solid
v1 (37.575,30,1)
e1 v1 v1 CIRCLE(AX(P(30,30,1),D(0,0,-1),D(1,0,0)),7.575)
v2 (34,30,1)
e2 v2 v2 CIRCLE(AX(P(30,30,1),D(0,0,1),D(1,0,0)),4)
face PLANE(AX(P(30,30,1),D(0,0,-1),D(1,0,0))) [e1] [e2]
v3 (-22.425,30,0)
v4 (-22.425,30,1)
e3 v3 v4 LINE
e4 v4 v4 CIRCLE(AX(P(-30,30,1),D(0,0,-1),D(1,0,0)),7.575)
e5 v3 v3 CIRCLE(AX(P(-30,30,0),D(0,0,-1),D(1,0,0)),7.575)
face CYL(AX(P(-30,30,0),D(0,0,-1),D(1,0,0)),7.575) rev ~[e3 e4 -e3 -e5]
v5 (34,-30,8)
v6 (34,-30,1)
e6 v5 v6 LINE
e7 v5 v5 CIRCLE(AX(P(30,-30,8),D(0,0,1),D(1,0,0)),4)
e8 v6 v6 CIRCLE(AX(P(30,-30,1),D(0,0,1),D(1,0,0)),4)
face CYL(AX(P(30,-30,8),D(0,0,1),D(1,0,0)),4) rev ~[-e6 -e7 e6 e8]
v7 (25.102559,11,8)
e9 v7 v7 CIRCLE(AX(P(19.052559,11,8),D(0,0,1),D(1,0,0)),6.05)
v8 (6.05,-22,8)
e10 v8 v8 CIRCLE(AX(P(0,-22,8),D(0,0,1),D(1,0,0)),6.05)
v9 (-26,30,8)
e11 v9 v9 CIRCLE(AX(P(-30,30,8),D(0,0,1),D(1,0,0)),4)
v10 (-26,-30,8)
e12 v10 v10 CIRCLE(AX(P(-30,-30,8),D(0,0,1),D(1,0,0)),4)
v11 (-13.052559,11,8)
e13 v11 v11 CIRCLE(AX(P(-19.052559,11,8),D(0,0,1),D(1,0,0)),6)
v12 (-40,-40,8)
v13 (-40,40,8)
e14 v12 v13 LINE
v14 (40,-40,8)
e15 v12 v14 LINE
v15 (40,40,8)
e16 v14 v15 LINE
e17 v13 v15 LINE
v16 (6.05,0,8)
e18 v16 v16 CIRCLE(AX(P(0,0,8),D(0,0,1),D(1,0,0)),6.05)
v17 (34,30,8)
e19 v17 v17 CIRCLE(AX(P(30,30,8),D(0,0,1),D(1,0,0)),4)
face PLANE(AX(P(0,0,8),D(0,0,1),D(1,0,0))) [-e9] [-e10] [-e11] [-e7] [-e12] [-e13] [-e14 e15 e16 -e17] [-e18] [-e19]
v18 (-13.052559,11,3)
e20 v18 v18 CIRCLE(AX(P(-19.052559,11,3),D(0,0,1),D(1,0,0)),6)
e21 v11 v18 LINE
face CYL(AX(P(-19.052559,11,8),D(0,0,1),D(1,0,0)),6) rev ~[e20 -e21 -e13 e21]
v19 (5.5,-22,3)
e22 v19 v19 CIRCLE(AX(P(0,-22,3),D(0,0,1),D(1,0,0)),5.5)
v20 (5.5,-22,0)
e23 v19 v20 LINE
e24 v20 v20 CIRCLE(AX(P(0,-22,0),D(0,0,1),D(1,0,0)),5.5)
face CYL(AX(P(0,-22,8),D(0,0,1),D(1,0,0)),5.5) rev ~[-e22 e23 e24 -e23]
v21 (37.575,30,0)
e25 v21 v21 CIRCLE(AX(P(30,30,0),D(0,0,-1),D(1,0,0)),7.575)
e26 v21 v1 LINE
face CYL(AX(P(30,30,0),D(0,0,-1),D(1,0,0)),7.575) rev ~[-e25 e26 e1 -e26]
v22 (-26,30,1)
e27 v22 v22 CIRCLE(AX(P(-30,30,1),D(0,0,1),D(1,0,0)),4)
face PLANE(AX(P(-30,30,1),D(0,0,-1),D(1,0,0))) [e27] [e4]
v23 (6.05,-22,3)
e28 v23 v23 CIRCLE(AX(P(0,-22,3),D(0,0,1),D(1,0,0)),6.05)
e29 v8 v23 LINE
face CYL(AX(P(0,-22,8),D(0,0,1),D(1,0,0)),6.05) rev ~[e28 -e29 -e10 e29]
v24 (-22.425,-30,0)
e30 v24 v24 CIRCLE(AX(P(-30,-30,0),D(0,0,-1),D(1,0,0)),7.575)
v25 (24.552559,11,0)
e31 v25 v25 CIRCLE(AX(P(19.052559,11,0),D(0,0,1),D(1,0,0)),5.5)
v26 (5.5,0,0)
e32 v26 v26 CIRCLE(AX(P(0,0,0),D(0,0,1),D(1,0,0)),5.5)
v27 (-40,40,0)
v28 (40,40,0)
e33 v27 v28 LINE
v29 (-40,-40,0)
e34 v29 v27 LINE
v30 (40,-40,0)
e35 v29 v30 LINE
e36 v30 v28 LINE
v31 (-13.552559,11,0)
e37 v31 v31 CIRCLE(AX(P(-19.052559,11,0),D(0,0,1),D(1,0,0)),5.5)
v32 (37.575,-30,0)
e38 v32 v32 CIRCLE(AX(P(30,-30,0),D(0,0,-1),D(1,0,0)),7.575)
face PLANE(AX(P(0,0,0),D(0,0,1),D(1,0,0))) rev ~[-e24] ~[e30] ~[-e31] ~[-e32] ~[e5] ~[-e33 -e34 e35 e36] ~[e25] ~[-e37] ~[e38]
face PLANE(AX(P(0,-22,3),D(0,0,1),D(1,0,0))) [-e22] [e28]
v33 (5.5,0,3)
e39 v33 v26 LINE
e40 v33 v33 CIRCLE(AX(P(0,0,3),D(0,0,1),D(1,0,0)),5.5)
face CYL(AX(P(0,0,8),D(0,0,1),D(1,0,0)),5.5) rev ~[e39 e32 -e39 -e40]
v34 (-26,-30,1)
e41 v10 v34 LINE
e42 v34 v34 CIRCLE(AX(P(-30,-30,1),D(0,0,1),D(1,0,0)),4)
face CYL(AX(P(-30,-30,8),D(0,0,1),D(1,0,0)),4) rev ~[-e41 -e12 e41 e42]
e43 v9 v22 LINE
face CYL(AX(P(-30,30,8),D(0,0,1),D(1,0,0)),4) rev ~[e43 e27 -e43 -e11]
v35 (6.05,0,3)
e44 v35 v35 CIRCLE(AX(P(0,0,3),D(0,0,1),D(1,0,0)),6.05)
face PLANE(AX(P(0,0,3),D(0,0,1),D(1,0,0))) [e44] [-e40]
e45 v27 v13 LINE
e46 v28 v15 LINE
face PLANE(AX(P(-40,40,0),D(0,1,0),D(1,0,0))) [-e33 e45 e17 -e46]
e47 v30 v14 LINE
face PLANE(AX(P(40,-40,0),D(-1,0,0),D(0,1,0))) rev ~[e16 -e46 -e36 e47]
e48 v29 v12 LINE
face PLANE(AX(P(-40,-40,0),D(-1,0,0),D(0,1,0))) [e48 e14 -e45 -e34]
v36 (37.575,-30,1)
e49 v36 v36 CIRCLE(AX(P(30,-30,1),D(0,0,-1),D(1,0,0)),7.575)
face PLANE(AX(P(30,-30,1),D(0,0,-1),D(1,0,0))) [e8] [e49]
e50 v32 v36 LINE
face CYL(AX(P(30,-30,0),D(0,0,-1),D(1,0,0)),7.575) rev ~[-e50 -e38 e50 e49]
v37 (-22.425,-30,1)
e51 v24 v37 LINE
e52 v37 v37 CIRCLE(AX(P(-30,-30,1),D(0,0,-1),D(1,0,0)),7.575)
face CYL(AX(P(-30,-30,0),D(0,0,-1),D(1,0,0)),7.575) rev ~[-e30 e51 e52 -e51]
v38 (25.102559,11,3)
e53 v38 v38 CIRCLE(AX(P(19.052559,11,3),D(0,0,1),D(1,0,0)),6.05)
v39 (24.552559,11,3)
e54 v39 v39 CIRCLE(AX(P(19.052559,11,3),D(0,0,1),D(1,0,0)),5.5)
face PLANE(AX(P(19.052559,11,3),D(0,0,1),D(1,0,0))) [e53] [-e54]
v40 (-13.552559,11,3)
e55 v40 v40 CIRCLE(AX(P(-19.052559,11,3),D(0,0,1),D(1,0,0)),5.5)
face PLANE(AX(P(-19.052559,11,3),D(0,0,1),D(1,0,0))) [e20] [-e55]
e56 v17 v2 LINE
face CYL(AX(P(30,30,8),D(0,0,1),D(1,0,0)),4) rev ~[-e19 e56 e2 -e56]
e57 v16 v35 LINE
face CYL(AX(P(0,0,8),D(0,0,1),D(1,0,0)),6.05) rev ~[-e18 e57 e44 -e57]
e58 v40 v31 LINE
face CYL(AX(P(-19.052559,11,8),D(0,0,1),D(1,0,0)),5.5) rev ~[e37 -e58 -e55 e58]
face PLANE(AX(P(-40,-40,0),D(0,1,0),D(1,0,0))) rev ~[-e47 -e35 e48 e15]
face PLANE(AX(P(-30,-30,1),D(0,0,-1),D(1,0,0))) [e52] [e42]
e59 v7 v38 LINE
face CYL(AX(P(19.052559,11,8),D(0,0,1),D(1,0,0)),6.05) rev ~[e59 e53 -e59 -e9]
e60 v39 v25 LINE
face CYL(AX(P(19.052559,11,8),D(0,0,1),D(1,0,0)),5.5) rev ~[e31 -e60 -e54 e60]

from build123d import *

# Parameters (mm, degrees)
F0_W     = 80
F0_H     = 80
F1_DEPTH = 8
F2_R     = 5.5
F2_R_2   = 4
F3_DEPTH = 25
F4_R     = 6
F4_R_2   = 6.05
F5_DEPTH = 5
F6_R     = 7.575
F7_DEPTH = 1


with BuildPart() as f1:
    # F0 (on Top) → F1 (new body)
    with BuildSketch(Plane.XY):
        Rectangle(F0_W, F0_H)
    extrude(amount=F1_DEPTH)

    # F2 (on face) → F3 (cut)
    with BuildSketch(Plane.XY.offset(8)):
        with Locations((-19.052559, 11)):
            Circle(F2_R)
        with Locations((-30, 30)):
            Circle(F2_R_2)
        with Locations((19.052559, 11)):
            Circle(F2_R)
        with Locations((30, 30)):
            Circle(F2_R_2)
        with Locations((30, -30)):
            Circle(F2_R_2)
        with Locations((0, -22)):
            Circle(F2_R)
        with Locations((-30, -30)):
            Circle(F2_R_2)
        Circle(F2_R)
    extrude(amount=-F3_DEPTH, mode=Mode.SUBTRACT)

    # F4 (on face) → F5 (cut)
    with BuildSketch(Plane.XY.offset(8)):
        with Locations((-19.052559, 11)):
            Circle(F4_R)
        with Locations((19.052559, 11)):
            Circle(F4_R_2)
        Circle(F4_R_2)
        with Locations((0, -22)):
            Circle(F4_R_2)
    extrude(amount=-F5_DEPTH, mode=Mode.SUBTRACT)

    # F6 (on face) → F7 (cut)
    with BuildSketch(Plane(origin=(0, 0, 0), x_dir=(1, 0, 0), z_dir=(0, 0, -1))):
        with Locations((-30, 30)):
            Circle(F6_R)
        with Locations((30, 30)):
            Circle(F6_R)
        with Locations((30, -30)):
            Circle(F6_R)
        with Locations((-30, -30)):
            Circle(F6_R)
    extrude(amount=-F7_DEPTH, mode=Mode.SUBTRACT)


solid = f1.part
